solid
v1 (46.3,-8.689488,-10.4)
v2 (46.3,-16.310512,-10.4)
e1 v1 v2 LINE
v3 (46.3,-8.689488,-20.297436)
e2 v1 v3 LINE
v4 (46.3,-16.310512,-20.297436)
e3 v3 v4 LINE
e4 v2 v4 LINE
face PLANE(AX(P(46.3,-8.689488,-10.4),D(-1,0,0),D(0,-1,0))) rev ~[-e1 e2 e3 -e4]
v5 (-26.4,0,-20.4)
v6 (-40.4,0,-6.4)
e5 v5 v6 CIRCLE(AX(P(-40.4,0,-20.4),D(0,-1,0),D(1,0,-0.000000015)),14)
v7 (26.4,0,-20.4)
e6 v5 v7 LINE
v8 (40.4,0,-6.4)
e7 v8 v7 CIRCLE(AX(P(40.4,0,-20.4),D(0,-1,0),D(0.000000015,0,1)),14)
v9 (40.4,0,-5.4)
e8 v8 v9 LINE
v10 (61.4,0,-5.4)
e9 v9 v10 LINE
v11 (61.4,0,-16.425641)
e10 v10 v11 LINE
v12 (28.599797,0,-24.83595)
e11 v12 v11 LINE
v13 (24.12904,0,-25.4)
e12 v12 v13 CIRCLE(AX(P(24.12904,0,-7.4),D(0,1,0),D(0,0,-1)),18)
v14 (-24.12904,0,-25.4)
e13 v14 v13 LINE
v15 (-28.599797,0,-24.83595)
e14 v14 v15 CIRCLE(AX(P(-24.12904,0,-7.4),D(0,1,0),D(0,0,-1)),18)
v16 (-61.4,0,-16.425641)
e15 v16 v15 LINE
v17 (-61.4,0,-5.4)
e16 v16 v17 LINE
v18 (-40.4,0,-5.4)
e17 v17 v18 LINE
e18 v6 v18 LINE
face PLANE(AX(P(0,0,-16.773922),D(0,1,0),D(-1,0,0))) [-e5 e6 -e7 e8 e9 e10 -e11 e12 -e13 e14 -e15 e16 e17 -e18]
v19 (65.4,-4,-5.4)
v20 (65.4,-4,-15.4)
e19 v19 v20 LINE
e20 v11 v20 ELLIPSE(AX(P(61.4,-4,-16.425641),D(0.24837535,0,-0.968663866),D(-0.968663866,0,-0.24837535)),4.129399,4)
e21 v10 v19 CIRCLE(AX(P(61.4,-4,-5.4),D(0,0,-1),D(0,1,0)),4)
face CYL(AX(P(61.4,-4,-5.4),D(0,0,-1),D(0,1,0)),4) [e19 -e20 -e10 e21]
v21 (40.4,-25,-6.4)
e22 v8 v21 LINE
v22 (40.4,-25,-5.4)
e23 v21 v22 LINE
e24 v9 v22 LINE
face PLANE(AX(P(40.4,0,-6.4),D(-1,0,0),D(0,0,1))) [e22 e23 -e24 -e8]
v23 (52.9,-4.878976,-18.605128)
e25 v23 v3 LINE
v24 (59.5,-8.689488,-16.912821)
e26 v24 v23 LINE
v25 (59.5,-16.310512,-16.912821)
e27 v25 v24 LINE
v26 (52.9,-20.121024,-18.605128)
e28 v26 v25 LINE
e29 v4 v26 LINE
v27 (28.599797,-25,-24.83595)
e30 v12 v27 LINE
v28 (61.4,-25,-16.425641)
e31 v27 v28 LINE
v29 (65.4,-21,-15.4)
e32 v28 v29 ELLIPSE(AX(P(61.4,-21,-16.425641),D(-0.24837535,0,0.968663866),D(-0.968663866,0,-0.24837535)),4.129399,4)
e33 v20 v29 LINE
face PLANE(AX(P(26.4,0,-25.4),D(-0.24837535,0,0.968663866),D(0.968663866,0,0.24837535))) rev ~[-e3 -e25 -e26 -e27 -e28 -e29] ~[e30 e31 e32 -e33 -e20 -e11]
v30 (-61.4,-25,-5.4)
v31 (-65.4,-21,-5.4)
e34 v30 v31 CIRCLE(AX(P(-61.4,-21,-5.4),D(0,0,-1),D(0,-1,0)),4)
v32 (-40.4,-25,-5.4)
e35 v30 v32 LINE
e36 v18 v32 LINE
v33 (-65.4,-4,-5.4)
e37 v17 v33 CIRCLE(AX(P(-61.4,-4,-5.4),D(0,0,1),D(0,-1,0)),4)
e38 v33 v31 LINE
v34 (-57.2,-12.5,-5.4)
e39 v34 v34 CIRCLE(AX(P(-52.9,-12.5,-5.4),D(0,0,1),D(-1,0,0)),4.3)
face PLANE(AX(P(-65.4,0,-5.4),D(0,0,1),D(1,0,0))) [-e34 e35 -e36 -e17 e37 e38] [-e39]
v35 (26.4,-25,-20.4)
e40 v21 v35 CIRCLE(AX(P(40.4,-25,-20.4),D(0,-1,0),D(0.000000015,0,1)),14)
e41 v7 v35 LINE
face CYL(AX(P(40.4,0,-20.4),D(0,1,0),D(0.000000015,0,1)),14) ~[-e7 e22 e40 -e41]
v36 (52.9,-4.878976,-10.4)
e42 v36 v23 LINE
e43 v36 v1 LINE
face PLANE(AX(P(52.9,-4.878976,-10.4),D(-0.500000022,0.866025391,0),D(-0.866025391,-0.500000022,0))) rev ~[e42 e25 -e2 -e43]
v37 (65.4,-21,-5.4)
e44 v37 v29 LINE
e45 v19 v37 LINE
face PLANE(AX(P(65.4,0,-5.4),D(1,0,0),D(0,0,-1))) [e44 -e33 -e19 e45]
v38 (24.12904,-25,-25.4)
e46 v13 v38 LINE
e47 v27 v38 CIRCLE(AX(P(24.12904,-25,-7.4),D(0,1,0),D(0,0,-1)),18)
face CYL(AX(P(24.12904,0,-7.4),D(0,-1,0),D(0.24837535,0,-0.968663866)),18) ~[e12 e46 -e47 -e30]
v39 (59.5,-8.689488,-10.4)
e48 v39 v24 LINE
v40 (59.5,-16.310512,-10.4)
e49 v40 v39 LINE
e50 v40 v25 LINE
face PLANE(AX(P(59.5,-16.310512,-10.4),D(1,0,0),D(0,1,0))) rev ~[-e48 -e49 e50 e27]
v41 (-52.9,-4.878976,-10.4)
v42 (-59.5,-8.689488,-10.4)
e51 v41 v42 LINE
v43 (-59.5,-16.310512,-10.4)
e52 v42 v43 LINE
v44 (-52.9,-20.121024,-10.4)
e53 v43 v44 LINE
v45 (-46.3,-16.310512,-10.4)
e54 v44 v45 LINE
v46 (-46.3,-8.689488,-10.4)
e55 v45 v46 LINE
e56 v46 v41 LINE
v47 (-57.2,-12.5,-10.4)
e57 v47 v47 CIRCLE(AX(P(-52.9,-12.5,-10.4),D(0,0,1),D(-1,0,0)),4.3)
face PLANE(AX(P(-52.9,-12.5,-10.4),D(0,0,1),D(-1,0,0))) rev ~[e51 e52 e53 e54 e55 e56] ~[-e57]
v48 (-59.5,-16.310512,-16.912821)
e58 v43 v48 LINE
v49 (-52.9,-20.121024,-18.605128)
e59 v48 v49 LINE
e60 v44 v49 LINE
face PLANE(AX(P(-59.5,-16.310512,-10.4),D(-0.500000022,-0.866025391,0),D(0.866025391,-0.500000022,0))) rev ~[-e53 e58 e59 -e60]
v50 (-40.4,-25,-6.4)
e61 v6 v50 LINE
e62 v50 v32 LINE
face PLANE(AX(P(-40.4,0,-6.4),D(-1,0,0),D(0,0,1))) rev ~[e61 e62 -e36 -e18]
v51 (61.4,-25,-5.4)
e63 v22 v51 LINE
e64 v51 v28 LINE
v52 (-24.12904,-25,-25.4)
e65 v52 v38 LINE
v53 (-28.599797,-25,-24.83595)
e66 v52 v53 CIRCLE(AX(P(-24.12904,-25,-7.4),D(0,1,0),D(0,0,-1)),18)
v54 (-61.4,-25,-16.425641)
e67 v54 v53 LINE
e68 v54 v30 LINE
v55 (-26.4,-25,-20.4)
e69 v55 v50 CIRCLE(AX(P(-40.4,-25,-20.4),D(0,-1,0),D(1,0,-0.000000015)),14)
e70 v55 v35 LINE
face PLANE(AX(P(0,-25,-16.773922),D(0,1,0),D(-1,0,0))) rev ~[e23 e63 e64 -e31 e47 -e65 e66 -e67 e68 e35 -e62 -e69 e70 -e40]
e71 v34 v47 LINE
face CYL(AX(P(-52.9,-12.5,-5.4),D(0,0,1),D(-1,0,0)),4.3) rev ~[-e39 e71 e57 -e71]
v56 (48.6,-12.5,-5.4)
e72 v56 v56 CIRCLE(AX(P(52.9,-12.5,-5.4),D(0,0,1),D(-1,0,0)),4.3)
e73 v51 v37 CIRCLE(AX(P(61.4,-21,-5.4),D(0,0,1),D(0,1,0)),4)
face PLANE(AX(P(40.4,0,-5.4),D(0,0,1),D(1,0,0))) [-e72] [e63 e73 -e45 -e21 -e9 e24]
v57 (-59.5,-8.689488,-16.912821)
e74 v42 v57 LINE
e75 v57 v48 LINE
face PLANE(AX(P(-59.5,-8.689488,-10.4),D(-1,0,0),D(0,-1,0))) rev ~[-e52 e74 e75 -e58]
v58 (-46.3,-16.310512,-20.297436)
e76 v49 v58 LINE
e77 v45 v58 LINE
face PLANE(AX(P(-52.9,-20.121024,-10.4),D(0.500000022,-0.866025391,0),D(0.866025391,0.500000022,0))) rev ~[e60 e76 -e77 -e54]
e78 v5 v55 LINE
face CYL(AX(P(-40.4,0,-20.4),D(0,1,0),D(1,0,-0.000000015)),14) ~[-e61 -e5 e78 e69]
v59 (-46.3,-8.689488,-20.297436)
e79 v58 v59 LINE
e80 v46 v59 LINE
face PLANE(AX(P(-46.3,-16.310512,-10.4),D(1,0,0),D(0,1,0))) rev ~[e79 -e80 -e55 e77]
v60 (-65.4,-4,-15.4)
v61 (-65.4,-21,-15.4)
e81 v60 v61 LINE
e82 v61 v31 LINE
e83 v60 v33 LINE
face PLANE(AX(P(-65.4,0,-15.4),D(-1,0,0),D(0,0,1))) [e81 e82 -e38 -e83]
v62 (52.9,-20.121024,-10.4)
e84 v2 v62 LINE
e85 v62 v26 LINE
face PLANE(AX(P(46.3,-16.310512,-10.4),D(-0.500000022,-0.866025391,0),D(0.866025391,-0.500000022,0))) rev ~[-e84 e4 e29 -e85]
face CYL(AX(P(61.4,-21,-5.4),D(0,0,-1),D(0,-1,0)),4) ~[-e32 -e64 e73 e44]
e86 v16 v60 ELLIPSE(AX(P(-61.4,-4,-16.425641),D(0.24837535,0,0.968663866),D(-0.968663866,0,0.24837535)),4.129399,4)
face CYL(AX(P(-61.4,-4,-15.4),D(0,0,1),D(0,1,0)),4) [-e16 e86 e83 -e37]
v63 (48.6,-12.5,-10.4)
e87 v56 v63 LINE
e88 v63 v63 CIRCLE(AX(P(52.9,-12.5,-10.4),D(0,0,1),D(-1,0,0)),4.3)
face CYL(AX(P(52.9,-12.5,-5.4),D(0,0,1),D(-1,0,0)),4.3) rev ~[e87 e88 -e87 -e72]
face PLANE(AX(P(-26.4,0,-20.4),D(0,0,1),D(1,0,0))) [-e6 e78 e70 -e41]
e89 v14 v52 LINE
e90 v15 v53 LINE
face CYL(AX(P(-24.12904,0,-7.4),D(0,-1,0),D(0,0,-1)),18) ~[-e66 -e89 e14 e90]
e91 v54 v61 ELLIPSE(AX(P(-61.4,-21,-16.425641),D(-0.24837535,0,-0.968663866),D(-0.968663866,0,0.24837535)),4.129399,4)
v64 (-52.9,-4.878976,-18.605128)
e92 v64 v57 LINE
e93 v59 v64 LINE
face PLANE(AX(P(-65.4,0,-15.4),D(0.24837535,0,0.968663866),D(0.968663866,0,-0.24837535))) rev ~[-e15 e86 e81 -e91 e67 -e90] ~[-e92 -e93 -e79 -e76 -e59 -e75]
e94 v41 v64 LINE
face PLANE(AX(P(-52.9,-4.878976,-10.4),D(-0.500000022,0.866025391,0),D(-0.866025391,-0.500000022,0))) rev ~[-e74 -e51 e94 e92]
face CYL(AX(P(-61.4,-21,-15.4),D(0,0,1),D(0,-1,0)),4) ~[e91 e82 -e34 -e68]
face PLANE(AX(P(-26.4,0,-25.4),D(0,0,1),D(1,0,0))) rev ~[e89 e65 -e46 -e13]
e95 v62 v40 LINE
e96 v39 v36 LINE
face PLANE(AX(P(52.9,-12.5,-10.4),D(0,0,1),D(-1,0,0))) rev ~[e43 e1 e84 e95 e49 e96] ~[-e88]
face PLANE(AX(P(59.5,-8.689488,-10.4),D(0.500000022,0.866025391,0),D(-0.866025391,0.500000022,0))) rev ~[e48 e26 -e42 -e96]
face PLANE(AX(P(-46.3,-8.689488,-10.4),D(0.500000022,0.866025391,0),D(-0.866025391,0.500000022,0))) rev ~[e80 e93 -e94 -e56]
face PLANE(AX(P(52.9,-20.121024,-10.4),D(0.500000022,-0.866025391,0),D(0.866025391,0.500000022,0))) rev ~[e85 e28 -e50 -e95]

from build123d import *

# Parameters (mm, degrees)
PAD_DEPTH       = 25
SKETCH001_R     = 4.3
POCKET_DEPTH    = 20.001
POCKET001_DEPTH = 15.001
FILLET_R        = 4
FILLET001_R     = 18


with BuildPart() as part:
    # Sketch → Pad (new body)
    with BuildSketch(Plane.XZ):
        with BuildLine():
            Line((40.4, -5.4), (65.4, -5.4))
            Line((65.4, -5.4), (65.4, -15.4))
            Line((26.4, -25.4), (65.4, -15.4))
            Line((-26.4, -25.4), (26.4, -25.4))
            Line((-65.4, -15.4), (-26.4, -25.4))
            Line((-65.4, -15.4), (-65.4, -5.4))
            Line((-65.4, -5.4), (-40.4, -5.4))
            Line((-40.4, -6.4), (-40.4, -5.4))
            ThreePointArc((-26.4, -20.4), (-30.500505, -10.500505), (-40.4, -6.4))
            Line((-26.4, -20.4), (26.4, -20.4))
            ThreePointArc((40.4, -6.4), (30.500505, -10.500505), (26.4, -20.4))
            Line((40.4, -6.4), (40.4, -5.4))
        make_face()
    extrude(amount=PAD_DEPTH)

    # Sketch001 (on Face8 of Pad) → Pocket (cut, through all)
    with BuildSketch(Plane(origin=(0, 0, -5.4), x_dir=(-1, 0, 0), z_dir=(0, 0, 1))):
        with Locations((-52.9, 12.5)):
            Circle(SKETCH001_R)
        with Locations((52.9, 12.5)):
            Circle(SKETCH001_R)
    extrude(amount=-POCKET_DEPTH, mode=Mode.SUBTRACT)

    # Sketch002 (on Face13 of Pocket) → Pocket001 (cut, through all)
    with BuildSketch(Plane(origin=(0, 0, -10.4), x_dir=(-1, 0, 0), z_dir=(0, 0, 1))):
        Polygon((-46.3, 8.689488), (-46.3, 16.310512), (-52.9, 20.121024), (-59.5, 16.310512), (-59.5, 8.689488), (-52.9, 4.878976), align=None)
        Polygon((59.5, 8.689488), (59.5, 16.310512), (52.9, 20.121024), (46.3, 16.310512), (46.3, 8.689488), (52.9, 4.878976), align=None)
    extrude(amount=-POCKET001_DEPTH, mode=Mode.SUBTRACT)

    # Fillet
    fillet_edges = [part.edges().sort_by_distance(p)[0] for p in [
        (-65.4, -25, -10.4),
        (-65.4, 0, -10.4),
        (65.4, -25, -10.4),
        (65.4, 0, -10.4),
    ]]
    fillet(fillet_edges, radius=FILLET_R)

    # Fillet001
    fillet001_edges = [part.edges().sort_by_distance(p)[0] for p in [
        (-26.4, -12.5, -25.4),
        (26.4, -12.5, -25.4),
    ]]
    fillet(fillet001_edges, radius=FILLET001_R)


solid = part.part
